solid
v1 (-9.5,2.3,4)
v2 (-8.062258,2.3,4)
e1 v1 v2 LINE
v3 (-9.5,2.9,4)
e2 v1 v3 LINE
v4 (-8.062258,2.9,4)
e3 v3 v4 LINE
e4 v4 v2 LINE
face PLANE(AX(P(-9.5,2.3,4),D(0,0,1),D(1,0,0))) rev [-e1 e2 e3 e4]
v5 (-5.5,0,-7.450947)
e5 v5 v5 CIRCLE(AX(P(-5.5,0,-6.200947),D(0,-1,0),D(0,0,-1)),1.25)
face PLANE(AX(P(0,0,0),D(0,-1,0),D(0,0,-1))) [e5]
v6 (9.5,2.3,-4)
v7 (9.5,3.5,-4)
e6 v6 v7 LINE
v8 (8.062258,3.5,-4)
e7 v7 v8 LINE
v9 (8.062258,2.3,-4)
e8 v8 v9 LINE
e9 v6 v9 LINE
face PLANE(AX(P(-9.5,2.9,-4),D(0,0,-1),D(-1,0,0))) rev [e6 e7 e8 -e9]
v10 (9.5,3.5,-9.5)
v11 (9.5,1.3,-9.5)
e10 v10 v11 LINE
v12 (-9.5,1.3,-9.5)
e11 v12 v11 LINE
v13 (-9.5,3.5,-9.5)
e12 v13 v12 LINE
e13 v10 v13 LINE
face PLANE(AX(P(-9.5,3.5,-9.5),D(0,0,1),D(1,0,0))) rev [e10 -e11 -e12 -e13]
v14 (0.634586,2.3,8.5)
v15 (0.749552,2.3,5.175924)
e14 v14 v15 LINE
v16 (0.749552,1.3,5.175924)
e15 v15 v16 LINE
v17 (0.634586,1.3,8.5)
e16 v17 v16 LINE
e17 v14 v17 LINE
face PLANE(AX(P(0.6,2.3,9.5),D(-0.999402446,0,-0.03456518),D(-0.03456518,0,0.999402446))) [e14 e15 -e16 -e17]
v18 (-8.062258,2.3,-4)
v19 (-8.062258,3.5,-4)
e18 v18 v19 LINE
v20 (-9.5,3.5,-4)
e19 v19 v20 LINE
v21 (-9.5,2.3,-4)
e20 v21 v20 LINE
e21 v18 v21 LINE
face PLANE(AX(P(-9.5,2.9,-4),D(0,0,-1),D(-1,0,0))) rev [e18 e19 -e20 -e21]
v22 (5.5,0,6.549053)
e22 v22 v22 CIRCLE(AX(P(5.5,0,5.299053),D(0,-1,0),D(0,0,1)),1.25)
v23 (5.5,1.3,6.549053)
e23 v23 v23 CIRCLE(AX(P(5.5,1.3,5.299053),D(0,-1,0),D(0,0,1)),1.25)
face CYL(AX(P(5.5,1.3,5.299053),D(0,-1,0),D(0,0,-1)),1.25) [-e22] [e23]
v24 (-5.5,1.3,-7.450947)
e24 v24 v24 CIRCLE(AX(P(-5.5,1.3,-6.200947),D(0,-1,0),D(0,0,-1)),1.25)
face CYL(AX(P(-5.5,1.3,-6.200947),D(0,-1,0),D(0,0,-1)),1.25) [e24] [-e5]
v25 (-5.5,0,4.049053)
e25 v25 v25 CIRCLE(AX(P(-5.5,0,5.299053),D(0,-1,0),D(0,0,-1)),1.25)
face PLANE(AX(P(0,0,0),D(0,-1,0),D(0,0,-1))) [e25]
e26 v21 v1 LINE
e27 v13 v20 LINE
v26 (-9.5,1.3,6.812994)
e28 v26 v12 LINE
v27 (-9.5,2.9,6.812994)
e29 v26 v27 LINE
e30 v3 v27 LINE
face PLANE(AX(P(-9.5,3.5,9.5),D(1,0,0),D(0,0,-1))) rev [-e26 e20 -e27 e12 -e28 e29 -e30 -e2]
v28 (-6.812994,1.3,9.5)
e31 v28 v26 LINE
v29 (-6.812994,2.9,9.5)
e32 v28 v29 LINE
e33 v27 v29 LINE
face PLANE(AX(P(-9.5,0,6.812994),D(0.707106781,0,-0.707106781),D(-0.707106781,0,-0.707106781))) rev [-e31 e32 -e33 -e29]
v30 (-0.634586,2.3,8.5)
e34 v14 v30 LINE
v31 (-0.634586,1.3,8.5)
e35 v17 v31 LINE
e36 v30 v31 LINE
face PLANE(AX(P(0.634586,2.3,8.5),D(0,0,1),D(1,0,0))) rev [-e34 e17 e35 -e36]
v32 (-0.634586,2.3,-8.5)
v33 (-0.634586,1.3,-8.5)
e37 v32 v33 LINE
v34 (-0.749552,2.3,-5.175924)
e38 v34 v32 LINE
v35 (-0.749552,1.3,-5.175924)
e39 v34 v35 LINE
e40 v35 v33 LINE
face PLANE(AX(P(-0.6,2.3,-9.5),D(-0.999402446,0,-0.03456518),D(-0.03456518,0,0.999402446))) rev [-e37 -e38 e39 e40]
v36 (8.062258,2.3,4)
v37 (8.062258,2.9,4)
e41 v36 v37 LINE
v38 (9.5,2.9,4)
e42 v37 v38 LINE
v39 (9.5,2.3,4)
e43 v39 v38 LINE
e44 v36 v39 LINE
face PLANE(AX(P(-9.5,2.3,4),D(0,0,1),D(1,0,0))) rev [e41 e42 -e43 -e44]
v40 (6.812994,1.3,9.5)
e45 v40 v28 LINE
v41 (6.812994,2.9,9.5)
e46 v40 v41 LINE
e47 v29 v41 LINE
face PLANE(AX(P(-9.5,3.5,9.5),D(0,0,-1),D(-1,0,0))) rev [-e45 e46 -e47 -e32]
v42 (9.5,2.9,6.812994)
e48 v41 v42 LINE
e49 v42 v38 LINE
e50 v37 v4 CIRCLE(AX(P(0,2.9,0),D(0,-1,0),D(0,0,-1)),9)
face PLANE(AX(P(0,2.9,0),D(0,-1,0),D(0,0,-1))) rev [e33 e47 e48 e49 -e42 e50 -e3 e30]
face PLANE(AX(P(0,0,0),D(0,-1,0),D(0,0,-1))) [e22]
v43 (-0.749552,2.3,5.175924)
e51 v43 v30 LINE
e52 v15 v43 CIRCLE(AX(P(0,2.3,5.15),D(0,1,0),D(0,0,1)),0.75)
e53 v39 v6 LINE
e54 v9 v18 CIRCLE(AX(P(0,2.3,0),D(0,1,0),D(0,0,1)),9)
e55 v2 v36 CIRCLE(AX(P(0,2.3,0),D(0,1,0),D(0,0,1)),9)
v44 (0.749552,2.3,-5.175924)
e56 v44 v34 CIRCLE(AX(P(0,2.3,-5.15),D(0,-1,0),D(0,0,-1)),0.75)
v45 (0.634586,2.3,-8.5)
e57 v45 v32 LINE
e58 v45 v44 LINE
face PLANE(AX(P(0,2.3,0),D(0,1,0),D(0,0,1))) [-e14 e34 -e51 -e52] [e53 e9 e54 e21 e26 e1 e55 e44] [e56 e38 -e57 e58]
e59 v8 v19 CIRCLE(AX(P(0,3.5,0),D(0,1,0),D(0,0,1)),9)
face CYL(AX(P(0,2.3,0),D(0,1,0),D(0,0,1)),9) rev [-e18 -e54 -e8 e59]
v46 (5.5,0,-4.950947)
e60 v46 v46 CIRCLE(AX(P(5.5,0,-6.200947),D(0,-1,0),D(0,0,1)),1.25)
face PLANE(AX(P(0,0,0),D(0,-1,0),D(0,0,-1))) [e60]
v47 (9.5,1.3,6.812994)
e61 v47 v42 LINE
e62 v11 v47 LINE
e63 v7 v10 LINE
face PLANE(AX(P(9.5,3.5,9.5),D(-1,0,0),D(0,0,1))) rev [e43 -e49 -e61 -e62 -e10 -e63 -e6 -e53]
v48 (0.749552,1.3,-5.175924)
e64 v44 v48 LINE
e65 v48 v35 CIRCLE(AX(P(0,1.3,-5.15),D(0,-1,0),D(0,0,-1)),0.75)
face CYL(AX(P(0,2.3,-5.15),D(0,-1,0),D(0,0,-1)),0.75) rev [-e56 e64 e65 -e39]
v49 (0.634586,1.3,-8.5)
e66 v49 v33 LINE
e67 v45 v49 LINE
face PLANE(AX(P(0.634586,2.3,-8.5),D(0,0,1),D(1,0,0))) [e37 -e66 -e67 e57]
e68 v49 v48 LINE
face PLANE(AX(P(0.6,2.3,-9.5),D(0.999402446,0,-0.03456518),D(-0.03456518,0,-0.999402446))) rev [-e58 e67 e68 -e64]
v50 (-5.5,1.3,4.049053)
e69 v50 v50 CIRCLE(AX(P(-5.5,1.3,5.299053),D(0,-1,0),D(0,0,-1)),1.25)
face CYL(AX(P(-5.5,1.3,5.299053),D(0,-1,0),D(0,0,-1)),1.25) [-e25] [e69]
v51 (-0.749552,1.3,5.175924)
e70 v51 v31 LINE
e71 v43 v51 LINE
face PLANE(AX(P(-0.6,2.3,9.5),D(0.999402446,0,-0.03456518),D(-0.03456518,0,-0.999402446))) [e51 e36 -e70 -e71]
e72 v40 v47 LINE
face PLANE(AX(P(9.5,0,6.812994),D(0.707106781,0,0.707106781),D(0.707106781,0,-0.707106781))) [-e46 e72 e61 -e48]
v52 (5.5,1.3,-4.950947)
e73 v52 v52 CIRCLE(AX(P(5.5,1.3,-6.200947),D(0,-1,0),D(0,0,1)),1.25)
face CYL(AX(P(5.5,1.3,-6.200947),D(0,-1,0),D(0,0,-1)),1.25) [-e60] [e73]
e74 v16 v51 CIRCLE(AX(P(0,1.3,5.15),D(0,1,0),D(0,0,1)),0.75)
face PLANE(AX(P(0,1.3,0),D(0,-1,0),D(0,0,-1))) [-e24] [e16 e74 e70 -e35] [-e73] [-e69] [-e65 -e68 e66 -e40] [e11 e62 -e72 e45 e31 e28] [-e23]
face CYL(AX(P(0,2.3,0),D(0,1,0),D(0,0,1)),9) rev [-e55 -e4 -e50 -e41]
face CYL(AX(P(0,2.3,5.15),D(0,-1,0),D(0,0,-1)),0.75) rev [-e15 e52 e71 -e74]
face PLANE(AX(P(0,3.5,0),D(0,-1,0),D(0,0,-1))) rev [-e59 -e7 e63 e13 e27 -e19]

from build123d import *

# Parameters (mm, degrees)
SKETCH1_W           = 19
SKETCH1_H           = 19
BOSS_EXTRUDE1_DEPTH = 3.5
CUT_EXTRUDE1_DEPTH  = 4.5
CUT_EXTRUDE2_DEPTH  = 0.6
SKETCH5_W           = 19
SKETCH5_H           = 8
CUT_EXTRUDE3_DEPTH  = 0.6
SKETCH6_R           = 9
CUT_EXTRUDE4_DEPTH  = 1.2
SKETCH7_OUTSIDE_W   = 26.42
SKETCH7_OUTSIDE_H   = 26.42
SKETCH7_OUTSIDE_R   = 1.25
CUT_EXTRUDE5_DEPTH  = 1.3
CUT_EXTRUDE6_DEPTH  = 1
BOSS_EXTRUDE4_DEPTH = 1


with BuildPart() as part:
    # Sketch1 → Boss-Extrude1 (new body)
    with BuildSketch(Plane(origin=(0, 0, 0), x_dir=(1, 0, 0), z_dir=(0, 1, 0))):
        Rectangle(SKETCH1_W, SKETCH1_H)
    extrude(amount=BOSS_EXTRUDE1_DEPTH)

    # Sketch2 → Cut-Extrude1 (cut, through all)
    with BuildSketch(Plane(origin=(0, 3.5, 0), x_dir=(1, 0, 0), z_dir=(0, 1, 0))):
        Polygon((-9.5, -6.812994231), (-6.812994231, -9.5), (-9.5, -9.5), align=None)
    cut_extrude1 = extrude(amount=-CUT_EXTRUDE1_DEPTH, mode=Mode.SUBTRACT)

    # Mirror1: Cut-Extrude1 across plane
    add(cut_extrude1.mirror(Plane(origin=(0, 0, 0), x_dir=(0, 0, 1), z_dir=(1, 0, 0))), mode=Mode.SUBTRACT)

    # Sketch3 → Cut-Extrude2 (cut)
    with BuildSketch(Plane(origin=(0, 3.5, 0), x_dir=(1, 0, 0), z_dir=(0, 1, 0))):
        Polygon((-9.5, 4), (9.5, 4), (9.5, -6.812994231), (6.812994231, -9.5), (-6.812994231, -9.5), (-9.5, -6.812994231), align=None)
    extrude(amount=-CUT_EXTRUDE2_DEPTH, mode=Mode.SUBTRACT)

    # Sketch5 → Cut-Extrude3 (cut)
    with BuildSketch(Plane(origin=(0, 2.9, 0), x_dir=(1, 0, 0), z_dir=(0, 1, 0))):
        Rectangle(SKETCH5_W, SKETCH5_H)
    extrude(amount=-CUT_EXTRUDE3_DEPTH, mode=Mode.SUBTRACT)

    # Sketch6 → Cut-Extrude4 (cut)
    with BuildSketch(Plane(origin=(0, 3.5, 0), x_dir=(1, 0, 0), z_dir=(0, 1, 0))):
        Circle(SKETCH6_R)
    extrude(amount=-CUT_EXTRUDE4_DEPTH, mode=Mode.SUBTRACT)

    # Sketch7 outside → Cut-Extrude5 (cut)
    with BuildSketch(Plane.XZ):
        Rectangle(SKETCH7_OUTSIDE_W, SKETCH7_OUTSIDE_H)
        with Locations((-5.5, -6.20094747)):
            Circle(SKETCH7_OUTSIDE_R, mode=Mode.SUBTRACT)
        with Locations((-5.5, 5.29905253)):
            Circle(SKETCH7_OUTSIDE_R, mode=Mode.SUBTRACT)
        with Locations((5.5, 5.29905253)):
            Circle(SKETCH7_OUTSIDE_R, mode=Mode.SUBTRACT)
        with Locations((5.5, -6.20094747)):
            Circle(SKETCH7_OUTSIDE_R, mode=Mode.SUBTRACT)
    extrude(amount=-CUT_EXTRUDE5_DEPTH, mode=Mode.SUBTRACT)

    # Sketch8 → Cut-Extrude6 (cut)
    with BuildSketch(Plane.XZ.offset(-1.3)):
        with BuildLine():
            Line((-0.6, -9.5), (0.6, -9.5))
            Line((0.6, -9.5), (0.749551834, -5.175923885))
            ThreePointArc((0.749551834, -5.175923885), (0, -4.4), (-0.749551834, -5.175923885))
            Line((-0.749551834, -5.175923885), (-0.6, -9.5))
        make_face()
    cut_extrude6 = extrude(amount=-CUT_EXTRUDE6_DEPTH, mode=Mode.SUBTRACT)

    # Mirror2: Cut-Extrude6 across plane
    add(cut_extrude6.mirror(Plane.XY), mode=Mode.SUBTRACT)

    # Sketch11 → Boss-Extrude4 (add)
    with BuildSketch(Plane.XZ.offset(-1.3)):
        Polygon((-0.6, -9.5), (0.6, -9.5), (0.634585847, -8.5), (-0.634585847, -8.5), align=None)
    boss_extrude4 = extrude(amount=-BOSS_EXTRUDE4_DEPTH)

    # Mirror3: Boss-Extrude4 across plane
    add(boss_extrude4.mirror(Plane.XY))


solid = part.part
